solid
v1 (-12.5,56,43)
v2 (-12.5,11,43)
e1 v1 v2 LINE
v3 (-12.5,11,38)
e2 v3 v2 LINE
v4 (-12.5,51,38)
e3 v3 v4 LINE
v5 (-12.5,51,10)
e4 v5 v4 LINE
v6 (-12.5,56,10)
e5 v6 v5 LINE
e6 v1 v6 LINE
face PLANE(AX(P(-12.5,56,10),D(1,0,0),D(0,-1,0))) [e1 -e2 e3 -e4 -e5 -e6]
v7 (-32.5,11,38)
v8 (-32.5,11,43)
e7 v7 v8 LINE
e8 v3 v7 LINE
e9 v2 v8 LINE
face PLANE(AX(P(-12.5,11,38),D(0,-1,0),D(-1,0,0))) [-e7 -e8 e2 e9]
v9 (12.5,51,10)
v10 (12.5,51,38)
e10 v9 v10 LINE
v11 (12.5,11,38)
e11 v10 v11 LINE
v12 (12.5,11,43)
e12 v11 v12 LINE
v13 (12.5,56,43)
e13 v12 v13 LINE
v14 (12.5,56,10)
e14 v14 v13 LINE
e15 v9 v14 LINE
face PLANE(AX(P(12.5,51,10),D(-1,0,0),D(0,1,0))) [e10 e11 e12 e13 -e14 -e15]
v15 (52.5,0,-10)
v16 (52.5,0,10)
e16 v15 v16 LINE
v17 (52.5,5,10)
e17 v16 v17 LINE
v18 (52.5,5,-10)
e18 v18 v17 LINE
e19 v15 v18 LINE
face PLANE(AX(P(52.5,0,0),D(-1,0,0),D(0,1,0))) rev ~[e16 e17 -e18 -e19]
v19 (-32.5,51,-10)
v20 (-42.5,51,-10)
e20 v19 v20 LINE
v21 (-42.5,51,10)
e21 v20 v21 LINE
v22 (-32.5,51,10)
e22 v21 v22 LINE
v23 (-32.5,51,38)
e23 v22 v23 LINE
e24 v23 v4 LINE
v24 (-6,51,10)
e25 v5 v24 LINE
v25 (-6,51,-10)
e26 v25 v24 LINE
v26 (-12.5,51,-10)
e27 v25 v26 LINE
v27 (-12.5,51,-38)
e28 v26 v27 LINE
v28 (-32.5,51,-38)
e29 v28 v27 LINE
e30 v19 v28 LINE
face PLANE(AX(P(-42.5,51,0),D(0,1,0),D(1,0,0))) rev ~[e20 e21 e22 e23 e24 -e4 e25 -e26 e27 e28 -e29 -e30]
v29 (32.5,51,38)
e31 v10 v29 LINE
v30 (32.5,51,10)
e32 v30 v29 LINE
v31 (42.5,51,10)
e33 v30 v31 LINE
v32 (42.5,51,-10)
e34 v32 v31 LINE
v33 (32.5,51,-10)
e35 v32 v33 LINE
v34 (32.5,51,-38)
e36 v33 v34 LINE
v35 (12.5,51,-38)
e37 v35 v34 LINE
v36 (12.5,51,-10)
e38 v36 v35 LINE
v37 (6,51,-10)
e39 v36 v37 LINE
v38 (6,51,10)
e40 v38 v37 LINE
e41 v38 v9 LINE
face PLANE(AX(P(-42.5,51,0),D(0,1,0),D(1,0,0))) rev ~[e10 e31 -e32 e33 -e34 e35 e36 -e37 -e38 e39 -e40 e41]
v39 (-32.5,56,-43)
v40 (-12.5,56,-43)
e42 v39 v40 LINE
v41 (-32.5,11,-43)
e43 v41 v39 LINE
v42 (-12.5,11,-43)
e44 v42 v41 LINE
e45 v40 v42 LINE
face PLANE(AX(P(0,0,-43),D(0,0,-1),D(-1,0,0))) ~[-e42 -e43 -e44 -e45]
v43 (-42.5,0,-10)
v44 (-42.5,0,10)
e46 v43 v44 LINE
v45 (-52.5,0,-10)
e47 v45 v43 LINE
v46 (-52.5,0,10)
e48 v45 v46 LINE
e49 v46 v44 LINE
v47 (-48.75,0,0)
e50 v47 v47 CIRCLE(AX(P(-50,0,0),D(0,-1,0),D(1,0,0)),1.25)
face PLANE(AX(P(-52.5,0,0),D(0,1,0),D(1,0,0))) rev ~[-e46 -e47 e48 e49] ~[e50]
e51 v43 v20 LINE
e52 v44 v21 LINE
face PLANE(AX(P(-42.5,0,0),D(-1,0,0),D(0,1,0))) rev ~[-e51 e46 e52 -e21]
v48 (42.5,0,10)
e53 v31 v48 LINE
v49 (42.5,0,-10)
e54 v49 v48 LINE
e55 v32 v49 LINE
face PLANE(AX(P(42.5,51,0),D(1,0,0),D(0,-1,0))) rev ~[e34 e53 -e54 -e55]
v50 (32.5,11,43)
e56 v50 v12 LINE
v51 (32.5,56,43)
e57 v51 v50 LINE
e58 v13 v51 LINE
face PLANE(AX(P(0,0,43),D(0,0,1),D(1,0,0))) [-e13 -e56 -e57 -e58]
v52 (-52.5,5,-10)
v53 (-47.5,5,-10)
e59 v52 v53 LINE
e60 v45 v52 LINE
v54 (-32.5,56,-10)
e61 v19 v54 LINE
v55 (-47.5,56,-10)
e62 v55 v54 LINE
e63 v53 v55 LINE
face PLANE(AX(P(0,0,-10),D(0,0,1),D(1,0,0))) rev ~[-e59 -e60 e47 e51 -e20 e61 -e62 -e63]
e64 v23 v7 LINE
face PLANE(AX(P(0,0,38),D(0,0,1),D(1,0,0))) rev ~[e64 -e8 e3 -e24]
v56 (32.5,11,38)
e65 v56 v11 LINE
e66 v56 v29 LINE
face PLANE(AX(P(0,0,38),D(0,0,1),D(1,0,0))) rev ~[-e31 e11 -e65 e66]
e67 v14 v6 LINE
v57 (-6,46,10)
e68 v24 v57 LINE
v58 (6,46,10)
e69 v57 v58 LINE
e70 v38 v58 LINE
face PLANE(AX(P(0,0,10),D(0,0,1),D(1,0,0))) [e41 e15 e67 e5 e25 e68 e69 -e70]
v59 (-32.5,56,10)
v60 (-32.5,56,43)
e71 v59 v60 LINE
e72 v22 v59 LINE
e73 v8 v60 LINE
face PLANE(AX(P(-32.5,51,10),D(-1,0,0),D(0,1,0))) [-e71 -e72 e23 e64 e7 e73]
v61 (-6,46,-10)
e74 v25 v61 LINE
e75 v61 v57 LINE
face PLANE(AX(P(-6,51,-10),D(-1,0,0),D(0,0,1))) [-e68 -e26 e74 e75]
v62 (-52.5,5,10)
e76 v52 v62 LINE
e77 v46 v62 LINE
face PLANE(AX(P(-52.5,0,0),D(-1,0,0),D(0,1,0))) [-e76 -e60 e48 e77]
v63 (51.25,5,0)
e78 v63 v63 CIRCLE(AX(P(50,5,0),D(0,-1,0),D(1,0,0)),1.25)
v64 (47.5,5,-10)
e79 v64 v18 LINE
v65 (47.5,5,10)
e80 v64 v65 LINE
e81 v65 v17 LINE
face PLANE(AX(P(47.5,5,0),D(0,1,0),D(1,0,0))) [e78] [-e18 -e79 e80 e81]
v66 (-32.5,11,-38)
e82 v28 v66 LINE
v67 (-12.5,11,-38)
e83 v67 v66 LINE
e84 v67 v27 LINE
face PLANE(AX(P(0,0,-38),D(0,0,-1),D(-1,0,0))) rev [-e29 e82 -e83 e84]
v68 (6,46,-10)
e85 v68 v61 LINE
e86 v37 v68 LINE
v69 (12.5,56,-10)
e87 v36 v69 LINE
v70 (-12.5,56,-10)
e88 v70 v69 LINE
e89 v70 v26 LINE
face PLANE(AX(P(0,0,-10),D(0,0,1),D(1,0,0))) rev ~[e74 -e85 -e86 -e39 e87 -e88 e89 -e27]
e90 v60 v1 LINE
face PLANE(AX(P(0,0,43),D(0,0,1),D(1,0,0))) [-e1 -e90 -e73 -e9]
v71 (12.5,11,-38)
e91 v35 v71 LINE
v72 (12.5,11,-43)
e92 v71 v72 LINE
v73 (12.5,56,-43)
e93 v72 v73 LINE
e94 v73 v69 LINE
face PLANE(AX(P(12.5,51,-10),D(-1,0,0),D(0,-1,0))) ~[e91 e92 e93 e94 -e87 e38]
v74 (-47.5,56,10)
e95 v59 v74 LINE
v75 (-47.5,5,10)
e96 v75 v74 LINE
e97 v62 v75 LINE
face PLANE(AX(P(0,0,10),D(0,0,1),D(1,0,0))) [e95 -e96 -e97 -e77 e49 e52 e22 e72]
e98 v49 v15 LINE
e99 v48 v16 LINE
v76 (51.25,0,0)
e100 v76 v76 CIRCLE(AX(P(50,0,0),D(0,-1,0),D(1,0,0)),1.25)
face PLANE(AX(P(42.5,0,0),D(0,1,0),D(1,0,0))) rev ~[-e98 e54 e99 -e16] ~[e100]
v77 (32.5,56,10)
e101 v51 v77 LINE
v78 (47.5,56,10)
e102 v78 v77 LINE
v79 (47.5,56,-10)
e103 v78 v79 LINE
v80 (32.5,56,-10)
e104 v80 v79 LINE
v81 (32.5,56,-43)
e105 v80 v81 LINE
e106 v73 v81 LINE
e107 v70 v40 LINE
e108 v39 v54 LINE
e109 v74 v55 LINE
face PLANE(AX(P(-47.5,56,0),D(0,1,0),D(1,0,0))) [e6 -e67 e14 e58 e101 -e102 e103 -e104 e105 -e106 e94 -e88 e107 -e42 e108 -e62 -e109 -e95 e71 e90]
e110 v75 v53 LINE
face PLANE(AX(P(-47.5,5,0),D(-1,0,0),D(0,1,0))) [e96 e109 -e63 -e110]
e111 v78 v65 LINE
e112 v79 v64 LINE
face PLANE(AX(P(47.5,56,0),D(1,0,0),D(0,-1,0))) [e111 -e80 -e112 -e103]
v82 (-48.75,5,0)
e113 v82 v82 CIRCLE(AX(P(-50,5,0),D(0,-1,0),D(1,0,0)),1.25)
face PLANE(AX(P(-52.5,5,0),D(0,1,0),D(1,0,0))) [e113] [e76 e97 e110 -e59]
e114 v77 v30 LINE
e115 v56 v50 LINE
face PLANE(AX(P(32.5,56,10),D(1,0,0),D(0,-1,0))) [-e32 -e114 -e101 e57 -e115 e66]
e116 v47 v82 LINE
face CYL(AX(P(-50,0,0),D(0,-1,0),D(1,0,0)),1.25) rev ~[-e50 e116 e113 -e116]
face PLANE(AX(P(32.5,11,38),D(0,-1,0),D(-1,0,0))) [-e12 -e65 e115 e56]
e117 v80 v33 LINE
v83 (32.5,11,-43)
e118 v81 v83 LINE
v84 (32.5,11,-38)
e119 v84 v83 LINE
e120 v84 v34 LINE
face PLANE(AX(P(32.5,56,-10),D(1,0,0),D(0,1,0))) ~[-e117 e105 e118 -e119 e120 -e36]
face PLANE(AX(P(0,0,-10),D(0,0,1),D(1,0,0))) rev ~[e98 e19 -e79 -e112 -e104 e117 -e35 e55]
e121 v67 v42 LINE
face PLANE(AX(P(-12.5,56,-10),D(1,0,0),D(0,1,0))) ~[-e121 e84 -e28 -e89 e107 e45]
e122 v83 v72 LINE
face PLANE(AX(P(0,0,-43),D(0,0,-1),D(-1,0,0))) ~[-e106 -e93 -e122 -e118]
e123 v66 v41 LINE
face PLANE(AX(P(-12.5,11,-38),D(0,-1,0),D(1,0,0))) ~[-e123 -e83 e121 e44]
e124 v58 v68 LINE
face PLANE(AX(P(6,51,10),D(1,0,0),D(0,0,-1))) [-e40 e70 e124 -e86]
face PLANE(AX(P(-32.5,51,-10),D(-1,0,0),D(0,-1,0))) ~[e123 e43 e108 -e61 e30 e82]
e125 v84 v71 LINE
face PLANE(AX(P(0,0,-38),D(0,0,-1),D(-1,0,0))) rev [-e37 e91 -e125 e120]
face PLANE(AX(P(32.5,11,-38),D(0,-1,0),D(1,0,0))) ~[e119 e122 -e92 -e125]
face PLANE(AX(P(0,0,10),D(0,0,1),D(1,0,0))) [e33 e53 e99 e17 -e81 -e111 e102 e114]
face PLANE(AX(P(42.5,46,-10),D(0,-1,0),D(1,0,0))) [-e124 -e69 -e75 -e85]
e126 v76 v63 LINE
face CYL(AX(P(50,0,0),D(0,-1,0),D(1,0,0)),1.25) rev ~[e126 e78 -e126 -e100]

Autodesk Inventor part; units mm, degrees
ref_plane "YZ Plane" through (0, 0, 0) normal (1, 0, 0) x (0, 1, 0)
ref_plane "XZ Plane" through (0, 0, 0) normal (0, 1, 0) x (-1, 0, 0)
ref_plane "XY Plane" through (0, 0, 0) normal (0, 0, 1) x (1, 0, 0)
sketch "Sketch1" plane through (0, 0, 0) normal (0, 0, 1) x (1, 0, 0)
  line L0 (-52.5, 5) -> (-47.5, 5)
  line L1 (-47.5, 5) -> (-47.5, 56)
  line L2 (-47.5, 56) -> (47.5, 56)
  line L3 (47.5, 56) -> (47.5, 5)
  line L4 (47.5, 5) -> (52.5, 5)
  line L5 (-42.5, 0) -> (-42.5, 51)
  line L6 (-42.5, 51) -> (42.5, 51)
  line L7 (42.5, 51) -> (42.5, 0)
  line L8 (0, 0) -> (0, -25.7238) construction
  line L9 (52.5, 0) -> (52.5, 5)
  line L10 (-52.5, 0) -> (-52.5, 5)
  line L11 (-52.5, 0) -> (-42.5, 0)
  line L12 (42.5, 0) -> (52.5, 0)
  line L13 (-32.5, 56) -> (-12.5, 56)
  line L14 (-12.5, 56) -> (-12.5, 51)
  line L15 (-12.5, 51) -> (-32.5, 51)
  line L16 (-32.5, 51) -> (-32.5, 56)
  line L17 (12.5, 56) -> (32.5, 56)
  line L18 (32.5, 56) -> (32.5, 51)
  line L19 (32.5, 51) -> (12.5, 51)
  line L20 (12.5, 51) -> (12.5, 56)
  line L21 (-32.5, 56) -> (-12.5, 56)
  line L22 (-12.5, 56) -> (-12.5, 11)
  line L23 (-12.5, 11) -> (-32.5, 11)
  line L24 (-32.5, 11) -> (-32.5, 56)
  line L25 (12.5, 56) -> (32.5, 56)
  line L26 (32.5, 56) -> (32.5, 11)
  line L27 (32.5, 11) -> (12.5, 11)
  line L28 (12.5, 11) -> (12.5, 56)
  point P0 (32.5, 56)
  point P1 (-32.5, 51)
  point P2 (-12.5, 56)
  point P3 (32.5, 56)
  point P4 (-32.5, 56)
  dimension "d1" = 5
  dimension "d2" = 5
  dimension "d3" = 5
  dimension "d5" = 85
  dimension "d6" = 51
  dimension "d8" = 5
  dimension "d18" = 105
  dimension "d19" = 20
  dimension "d20" = 25
  dimension "d21" = 45
extrude "Extrusion1" add sketch "Sketch1" along normal mid plane 20 contours L0 L1 L2 L16 L6 L5 L11 L10 | L2 L14 L6 L16 | L2 L20 L6 L14 | L2 L18 L6 L20 | L2 L3 L4 L9 L12 L7 L6 L18
sketch "Sketch2" plane through (-52.5, 0, 10) normal (0, -1, 0) x (1, 0, 0)
  circle A0 centre (2.5, -10) radius 1.25
  circle A1 centre (102.5, -10) radius 1.25
  line L0 (52.5, -10) -> (52.5, 0) construction
  line L1 (10, 0) -> (95, 0) construction
  circle A2 centre (2.5, -10) radius 2.25
  circle A3 centre (102.5, -10) radius 2.25
  dimension "d11" = 2.5
  dimension "d12" = 100
  dimension "d15" = 4.5
extrude "Extrusion2" cut sketch "Sketch2" against normal through all contours A0 | A1
extrude "Extrusion4" add sketch "Sketch1" along normal blind 28 from surface at 10 contours L2 L14 L6 L16 | L2 L18 L6 L20
extrude "Extrusion5" add sketch "Sketch1" along normal blind 5 from surface at 38 contours L2 L14 L6 L16 | L6 L22 L23 L24 | L2 L18 L6 L20 | L6 L26 L27 L28
mirror "Mirror1" about plane through (0, 0, 0) normal (0, 0, 1) of "Extrusion5", "Extrusion4"
sketch "Sketch3" plane through (42.5, 51, -10) normal (0, -1, 0) x (1, 0, 0)
  line L0 (-55, 20) -> (-30, 20) projected
  line L1 (-36.5, 0) -> (-48.5, 0)
  line L2 (-48.5, 0) -> (-48.5, 20)
  line L3 (-48.5, 20) -> (-36.5, 20)
  line L4 (-36.5, 20) -> (-36.5, 0)
  line L5 (-36.5, 0) -> (-48.5, 20) construction
  line L6 (-48.5, 0) -> (-36.5, 20) construction
  point P0 (-42.5, 10)
  dimension "d26" = 12
extrude "Extrusion6" add sketch "Sketch3" along normal blind 5
equation "\"d1\" = d8"
equation "\"d2\" = d8"
equation "\"d3\" = d8"
properties part number "battery_fix"
